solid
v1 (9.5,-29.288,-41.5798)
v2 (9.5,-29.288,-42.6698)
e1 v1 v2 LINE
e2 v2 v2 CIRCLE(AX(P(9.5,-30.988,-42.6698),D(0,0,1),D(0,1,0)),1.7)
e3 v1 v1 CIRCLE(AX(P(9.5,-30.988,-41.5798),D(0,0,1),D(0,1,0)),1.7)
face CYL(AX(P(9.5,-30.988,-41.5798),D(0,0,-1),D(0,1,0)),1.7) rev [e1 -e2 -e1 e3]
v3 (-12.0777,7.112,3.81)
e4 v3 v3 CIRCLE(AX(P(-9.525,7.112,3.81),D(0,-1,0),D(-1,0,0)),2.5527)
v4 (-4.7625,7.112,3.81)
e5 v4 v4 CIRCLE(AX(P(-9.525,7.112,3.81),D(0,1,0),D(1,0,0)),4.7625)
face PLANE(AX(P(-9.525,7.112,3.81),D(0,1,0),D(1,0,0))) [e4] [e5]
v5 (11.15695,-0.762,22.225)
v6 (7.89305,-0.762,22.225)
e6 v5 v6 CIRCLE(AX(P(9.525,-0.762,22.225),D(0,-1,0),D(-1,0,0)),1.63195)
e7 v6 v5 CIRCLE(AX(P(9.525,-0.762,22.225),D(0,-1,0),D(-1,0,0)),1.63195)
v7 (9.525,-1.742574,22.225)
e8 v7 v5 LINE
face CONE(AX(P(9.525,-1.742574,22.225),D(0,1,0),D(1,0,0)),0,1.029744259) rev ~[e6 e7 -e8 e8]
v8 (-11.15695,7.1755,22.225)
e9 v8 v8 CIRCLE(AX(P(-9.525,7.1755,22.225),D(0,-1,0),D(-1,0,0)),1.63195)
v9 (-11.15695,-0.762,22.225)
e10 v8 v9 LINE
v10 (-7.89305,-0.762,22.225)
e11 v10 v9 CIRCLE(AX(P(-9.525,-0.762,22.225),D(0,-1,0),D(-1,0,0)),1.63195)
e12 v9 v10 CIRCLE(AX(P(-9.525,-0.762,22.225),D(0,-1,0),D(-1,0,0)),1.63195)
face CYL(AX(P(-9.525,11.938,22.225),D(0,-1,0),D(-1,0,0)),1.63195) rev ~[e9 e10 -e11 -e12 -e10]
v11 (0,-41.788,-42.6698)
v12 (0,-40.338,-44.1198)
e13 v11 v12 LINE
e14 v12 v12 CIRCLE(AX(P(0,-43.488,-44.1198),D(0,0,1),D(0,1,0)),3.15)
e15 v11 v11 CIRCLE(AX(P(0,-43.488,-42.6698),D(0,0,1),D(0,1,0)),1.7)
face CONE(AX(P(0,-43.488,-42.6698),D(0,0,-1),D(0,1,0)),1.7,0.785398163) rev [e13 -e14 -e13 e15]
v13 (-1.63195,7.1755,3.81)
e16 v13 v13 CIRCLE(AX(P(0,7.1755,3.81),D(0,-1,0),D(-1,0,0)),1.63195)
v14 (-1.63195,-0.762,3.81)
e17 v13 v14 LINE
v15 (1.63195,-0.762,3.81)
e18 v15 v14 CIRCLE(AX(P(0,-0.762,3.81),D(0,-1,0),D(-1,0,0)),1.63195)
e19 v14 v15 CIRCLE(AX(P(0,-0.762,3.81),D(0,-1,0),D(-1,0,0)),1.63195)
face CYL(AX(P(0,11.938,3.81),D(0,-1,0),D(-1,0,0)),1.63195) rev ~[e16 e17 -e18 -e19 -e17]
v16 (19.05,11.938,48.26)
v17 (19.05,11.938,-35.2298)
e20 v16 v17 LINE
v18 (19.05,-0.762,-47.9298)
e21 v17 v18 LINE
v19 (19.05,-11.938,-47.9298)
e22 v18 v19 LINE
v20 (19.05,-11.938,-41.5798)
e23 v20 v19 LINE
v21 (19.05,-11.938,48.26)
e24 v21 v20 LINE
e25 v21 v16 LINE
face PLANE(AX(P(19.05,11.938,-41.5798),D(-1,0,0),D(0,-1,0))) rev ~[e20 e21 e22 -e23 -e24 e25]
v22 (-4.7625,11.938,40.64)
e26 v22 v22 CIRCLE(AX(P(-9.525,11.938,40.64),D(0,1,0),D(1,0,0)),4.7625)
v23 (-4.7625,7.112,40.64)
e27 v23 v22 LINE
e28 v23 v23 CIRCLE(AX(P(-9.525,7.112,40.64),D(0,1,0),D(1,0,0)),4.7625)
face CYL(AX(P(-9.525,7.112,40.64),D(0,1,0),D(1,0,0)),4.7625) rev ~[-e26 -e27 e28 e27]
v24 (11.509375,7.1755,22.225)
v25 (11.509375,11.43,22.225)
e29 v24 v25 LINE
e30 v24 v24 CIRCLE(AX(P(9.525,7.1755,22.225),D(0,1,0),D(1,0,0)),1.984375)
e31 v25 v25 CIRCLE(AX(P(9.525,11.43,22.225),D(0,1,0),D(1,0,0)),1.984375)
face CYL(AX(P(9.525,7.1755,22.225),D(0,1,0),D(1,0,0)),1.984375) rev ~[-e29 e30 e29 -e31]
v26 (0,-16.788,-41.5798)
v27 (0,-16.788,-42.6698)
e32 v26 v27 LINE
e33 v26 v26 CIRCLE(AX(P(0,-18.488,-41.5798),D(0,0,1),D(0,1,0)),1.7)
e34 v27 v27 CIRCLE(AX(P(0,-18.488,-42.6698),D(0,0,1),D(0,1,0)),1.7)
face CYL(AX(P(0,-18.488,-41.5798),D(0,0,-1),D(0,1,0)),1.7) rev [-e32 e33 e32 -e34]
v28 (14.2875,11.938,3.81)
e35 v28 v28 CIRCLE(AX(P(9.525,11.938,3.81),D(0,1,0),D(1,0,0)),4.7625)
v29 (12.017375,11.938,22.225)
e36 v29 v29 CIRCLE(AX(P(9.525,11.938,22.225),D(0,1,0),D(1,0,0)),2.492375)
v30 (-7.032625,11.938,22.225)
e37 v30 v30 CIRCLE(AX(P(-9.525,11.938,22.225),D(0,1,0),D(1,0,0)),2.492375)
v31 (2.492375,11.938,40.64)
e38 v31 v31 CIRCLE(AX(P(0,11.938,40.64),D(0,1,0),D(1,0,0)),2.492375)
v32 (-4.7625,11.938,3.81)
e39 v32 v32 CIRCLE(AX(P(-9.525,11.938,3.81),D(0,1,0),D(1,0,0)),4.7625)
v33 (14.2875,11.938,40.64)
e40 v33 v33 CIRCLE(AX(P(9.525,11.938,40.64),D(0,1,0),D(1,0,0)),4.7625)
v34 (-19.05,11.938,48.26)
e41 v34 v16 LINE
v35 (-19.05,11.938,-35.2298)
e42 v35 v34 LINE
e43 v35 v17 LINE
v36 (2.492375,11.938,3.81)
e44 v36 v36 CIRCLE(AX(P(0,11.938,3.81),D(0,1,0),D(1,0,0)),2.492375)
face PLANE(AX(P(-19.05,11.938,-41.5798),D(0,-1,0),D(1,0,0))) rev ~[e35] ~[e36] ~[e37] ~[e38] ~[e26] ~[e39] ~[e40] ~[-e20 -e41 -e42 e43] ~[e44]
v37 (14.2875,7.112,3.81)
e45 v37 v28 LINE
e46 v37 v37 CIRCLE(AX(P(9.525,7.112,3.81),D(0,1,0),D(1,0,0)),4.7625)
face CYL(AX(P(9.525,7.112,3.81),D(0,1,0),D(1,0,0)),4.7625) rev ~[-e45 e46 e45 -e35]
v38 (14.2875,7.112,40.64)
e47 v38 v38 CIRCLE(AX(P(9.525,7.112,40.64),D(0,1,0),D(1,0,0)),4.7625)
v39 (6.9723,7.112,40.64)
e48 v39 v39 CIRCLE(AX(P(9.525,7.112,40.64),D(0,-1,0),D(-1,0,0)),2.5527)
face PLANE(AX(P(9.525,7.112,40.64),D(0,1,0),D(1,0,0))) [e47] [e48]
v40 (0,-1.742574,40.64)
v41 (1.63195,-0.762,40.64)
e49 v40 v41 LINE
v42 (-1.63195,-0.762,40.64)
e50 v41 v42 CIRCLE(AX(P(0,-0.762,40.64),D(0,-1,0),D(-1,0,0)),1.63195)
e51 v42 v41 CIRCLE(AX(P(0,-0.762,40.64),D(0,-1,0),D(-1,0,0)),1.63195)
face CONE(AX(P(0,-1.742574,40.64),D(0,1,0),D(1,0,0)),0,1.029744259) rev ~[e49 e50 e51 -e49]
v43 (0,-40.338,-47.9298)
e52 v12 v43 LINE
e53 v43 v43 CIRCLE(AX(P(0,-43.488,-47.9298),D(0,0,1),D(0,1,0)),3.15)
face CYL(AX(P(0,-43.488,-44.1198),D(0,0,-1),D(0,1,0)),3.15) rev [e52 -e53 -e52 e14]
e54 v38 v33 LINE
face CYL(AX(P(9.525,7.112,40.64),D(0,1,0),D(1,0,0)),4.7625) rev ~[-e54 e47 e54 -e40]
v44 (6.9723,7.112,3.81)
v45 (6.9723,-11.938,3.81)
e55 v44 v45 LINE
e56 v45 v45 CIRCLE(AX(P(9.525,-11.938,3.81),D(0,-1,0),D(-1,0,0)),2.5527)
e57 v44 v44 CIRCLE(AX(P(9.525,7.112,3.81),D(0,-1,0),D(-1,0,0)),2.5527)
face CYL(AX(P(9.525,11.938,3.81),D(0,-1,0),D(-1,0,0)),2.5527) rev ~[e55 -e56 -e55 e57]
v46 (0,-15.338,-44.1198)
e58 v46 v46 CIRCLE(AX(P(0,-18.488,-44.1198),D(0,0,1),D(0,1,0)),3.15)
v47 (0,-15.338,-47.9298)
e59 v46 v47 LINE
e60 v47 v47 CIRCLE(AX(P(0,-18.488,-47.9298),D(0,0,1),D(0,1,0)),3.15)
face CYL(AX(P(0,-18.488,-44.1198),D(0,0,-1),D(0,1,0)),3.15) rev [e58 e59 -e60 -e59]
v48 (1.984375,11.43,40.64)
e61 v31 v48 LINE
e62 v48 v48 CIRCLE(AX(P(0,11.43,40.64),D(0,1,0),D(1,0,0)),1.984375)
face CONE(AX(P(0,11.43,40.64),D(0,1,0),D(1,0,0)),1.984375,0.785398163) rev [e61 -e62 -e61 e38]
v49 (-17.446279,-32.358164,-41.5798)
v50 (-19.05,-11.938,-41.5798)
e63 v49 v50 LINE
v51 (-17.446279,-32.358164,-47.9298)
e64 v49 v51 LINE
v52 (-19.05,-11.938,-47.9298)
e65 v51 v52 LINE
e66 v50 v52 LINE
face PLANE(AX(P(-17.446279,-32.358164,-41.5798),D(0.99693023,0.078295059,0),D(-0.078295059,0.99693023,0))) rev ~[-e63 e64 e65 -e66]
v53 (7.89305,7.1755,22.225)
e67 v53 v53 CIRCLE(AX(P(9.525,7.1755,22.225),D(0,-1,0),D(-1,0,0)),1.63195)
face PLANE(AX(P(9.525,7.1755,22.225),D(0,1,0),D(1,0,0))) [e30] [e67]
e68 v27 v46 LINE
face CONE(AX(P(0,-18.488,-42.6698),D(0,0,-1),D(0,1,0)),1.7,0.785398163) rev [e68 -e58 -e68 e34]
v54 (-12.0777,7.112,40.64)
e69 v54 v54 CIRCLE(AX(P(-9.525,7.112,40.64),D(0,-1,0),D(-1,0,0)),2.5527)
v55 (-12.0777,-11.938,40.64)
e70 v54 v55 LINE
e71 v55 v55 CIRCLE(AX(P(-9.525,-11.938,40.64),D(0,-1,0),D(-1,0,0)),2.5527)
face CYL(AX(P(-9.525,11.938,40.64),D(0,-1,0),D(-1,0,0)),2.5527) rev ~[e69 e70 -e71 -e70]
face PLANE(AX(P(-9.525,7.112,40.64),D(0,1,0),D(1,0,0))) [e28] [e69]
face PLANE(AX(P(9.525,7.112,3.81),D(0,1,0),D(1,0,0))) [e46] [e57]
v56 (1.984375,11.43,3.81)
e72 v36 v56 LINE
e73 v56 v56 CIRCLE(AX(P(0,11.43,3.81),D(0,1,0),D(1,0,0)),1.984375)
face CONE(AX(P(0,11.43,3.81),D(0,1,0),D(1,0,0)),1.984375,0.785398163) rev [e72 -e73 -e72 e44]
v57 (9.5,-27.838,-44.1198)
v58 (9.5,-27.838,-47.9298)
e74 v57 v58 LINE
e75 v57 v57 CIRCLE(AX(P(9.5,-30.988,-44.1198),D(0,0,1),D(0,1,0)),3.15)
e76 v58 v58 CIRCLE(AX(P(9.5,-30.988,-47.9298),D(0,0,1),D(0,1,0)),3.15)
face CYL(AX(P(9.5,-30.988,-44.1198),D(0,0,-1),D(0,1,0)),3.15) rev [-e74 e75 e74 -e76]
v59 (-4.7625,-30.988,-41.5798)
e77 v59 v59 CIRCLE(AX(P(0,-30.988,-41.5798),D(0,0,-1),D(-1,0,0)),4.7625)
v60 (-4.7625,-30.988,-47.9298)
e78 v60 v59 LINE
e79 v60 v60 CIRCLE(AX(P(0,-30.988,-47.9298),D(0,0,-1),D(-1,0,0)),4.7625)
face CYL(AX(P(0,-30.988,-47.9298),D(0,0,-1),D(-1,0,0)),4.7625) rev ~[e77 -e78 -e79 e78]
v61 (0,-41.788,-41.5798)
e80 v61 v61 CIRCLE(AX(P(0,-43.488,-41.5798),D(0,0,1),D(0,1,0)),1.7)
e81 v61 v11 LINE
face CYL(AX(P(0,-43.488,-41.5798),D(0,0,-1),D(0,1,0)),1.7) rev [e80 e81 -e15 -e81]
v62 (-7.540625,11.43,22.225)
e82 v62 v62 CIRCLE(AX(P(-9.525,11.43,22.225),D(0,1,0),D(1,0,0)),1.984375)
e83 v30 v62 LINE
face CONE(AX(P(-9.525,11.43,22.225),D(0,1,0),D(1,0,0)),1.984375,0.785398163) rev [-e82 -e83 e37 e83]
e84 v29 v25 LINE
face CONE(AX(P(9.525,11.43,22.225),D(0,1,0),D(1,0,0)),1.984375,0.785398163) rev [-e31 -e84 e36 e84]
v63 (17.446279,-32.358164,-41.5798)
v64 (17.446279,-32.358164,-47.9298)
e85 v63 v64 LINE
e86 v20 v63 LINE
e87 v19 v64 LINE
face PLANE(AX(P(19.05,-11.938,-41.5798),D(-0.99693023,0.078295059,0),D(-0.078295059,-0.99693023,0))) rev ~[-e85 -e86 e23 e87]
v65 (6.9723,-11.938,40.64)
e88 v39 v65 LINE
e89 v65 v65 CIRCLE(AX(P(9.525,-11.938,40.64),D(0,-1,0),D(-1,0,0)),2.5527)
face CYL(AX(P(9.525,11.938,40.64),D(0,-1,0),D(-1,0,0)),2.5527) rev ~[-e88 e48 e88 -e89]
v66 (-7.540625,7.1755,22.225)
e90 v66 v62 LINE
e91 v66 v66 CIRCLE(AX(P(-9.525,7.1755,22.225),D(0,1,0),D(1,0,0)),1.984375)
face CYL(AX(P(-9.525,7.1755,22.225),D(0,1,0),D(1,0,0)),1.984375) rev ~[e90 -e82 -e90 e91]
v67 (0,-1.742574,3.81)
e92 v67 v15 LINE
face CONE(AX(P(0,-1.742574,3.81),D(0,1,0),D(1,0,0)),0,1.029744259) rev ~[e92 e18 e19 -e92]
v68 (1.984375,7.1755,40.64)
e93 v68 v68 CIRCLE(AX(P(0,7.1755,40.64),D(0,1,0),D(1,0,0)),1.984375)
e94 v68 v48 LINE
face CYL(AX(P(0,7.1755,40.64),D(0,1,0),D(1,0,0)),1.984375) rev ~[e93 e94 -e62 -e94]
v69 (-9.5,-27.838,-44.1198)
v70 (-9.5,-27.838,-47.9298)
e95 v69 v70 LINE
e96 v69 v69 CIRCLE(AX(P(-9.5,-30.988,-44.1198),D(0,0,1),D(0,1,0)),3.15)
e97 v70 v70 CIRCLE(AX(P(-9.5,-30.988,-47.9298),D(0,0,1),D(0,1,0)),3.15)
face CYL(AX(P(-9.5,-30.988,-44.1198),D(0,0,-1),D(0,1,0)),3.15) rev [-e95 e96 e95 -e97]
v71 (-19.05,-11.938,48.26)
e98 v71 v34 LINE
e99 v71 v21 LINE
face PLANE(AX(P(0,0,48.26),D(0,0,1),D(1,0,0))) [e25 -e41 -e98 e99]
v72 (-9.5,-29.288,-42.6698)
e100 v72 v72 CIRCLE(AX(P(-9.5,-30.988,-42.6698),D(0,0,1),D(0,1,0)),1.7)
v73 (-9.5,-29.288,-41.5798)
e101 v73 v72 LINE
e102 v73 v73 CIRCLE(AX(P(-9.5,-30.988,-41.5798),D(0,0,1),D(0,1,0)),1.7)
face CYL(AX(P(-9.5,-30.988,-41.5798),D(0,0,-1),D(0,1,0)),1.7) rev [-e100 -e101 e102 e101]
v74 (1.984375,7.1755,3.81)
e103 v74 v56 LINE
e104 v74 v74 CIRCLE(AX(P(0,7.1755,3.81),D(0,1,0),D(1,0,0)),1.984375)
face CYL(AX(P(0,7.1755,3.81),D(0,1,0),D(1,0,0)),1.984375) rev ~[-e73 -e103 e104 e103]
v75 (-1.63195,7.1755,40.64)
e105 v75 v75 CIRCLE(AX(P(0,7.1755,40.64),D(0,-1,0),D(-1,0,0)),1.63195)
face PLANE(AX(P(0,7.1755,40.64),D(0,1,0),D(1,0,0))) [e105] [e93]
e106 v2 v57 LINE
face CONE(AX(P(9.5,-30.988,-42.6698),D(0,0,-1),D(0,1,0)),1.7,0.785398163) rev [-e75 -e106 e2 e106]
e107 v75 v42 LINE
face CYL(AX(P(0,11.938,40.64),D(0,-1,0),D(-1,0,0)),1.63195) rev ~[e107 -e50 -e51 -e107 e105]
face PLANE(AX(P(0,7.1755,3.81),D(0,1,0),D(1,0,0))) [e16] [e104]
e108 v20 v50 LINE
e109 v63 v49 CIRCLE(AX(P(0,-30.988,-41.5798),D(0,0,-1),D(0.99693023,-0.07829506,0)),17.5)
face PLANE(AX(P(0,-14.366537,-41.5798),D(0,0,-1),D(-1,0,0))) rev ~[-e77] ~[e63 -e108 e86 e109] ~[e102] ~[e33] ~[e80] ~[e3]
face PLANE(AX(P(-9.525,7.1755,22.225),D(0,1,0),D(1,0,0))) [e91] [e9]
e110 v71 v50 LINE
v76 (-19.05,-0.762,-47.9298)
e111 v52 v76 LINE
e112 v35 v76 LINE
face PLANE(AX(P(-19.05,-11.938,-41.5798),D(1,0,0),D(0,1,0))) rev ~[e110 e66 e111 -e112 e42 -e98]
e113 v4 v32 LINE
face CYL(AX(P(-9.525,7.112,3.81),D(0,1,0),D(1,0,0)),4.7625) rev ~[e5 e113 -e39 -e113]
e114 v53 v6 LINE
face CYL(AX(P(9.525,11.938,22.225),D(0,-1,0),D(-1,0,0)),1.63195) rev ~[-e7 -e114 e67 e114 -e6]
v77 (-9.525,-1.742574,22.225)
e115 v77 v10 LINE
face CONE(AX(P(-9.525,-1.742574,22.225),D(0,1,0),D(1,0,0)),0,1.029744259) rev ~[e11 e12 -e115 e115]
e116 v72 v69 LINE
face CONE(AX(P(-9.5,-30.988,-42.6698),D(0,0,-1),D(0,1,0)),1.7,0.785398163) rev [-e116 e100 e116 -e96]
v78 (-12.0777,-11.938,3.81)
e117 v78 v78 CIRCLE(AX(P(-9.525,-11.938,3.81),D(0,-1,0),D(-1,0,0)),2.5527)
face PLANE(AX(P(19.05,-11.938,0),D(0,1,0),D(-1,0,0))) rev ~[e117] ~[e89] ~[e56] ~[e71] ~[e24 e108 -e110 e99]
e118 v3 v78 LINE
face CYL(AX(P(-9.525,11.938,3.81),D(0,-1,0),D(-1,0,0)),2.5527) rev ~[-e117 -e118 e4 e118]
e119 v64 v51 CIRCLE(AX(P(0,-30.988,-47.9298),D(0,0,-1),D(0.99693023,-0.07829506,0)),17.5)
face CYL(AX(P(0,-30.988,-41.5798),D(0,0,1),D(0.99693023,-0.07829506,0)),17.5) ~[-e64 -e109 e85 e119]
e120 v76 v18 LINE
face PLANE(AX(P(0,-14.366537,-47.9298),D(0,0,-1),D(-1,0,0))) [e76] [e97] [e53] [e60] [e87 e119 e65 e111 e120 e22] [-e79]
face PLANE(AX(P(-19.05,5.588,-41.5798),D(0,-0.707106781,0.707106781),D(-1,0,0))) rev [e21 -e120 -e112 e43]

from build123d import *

# Parameters (mm, degrees)
SKETCH1_W                                       = 38.1
SKETCH1_H                                       = 23.876
GEARBOX_MOUNT_DEPTH                             = 48.26
CBORE_FOR_4_SOCKET_HEAD_CAP_SCREW1_D            = 3.2639
CBORE_FOR_4_SOCKET_HEAD_CAP_SCREW1_DEPTH        = 12.7
CBORE_FOR_4_SOCKET_HEAD_CAP_SCREW1_CBORE_D      = 3.96875
CBORE_FOR_4_SOCKET_HEAD_CAP_SCREW1_CBORE_DEPTH  = 4.7625
CBORE_FOR_4_SOCKET_HEAD_CAP_SCREW1_TIP          = 0.980574487
INSERT_INSTALLATION_CHAMFERS_SIZE               = 0.508
SKETCH7_W                                       = 38.1
SKETCH7_H                                       = 23.876
MOTOR_MOUNT_EXTENSION_DEPTH                     = 41.5798
CBORE_FOR_10_SOCKET_HEAD_CAP_SCREW1_D           = 5.1054
CBORE_FOR_10_SOCKET_HEAD_CAP_SCREW1_CBORE_D     = 9.525
CBORE_FOR_10_SOCKET_HEAD_CAP_SCREW1_CBORE_DEPTH = 4.826
MOTOR_MOUNT_PLATE_DEPTH                         = 6.35
SHAFT_CLEARANCE_REACH                           = 111.391
SKETCH9_R                                       = 4.7625
CSK_FOR_M3_FLAT_HEAD_MACHINE_SCREW1_AT_2_COUNT  = 2
CSK_FOR_M3_FLAT_HEAD_MACHINE_SCREW1_AT_2_PITCH  = 19
CSK_FOR_M3_FLAT_HEAD_MACHINE_SCREW1_AT_3_COUNT  = 2
CSK_FOR_M3_FLAT_HEAD_MACHINE_SCREW1_AT_3_PITCH  = 15.700318468
CSK_FOR_M3_FLAT_HEAD_MACHINE_SCREW1_AT_4_COUNT  = 2
CSK_FOR_M3_FLAT_HEAD_MACHINE_SCREW1_AT_4_PITCH  = 15.700318468
CHAMFER2_SIZE                                   = 12.7


with BuildPart() as part:
    # Sketch1 → Gearbox Mount (new body)
    with BuildSketch(Plane.XY):
        Rectangle(SKETCH1_W, SKETCH1_H)
    extrude(amount=GEARBOX_MOUNT_DEPTH)

    # CBORE for #4 Socket Head Cap Screw1
    with Locations(Plane(origin=(0, 11.938, 0), x_dir=(1, 0, 0), z_dir=(0, 1, 0))):
        with Locations((0, -3.81), (-9.525, -22.225), (0, -40.64), (9.525, -22.225)):
            CounterBoreHole(CBORE_FOR_4_SOCKET_HEAD_CAP_SCREW1_D / 2, CBORE_FOR_4_SOCKET_HEAD_CAP_SCREW1_CBORE_D / 2, CBORE_FOR_4_SOCKET_HEAD_CAP_SCREW1_CBORE_DEPTH, depth=CBORE_FOR_4_SOCKET_HEAD_CAP_SCREW1_DEPTH)
            with Locations((0, 0, -(CBORE_FOR_4_SOCKET_HEAD_CAP_SCREW1_DEPTH + CBORE_FOR_4_SOCKET_HEAD_CAP_SCREW1_TIP / 2))):  # 118° drill point
                Cone(0, CBORE_FOR_4_SOCKET_HEAD_CAP_SCREW1_D / 2, CBORE_FOR_4_SOCKET_HEAD_CAP_SCREW1_TIP, mode=Mode.SUBTRACT)

    # Insert Installation Chamfers
    insert_installation_chamfers_edges = [part.edges().sort_by_distance(p)[0] for p in [
        (7.540625, 11.938, 22.225),
        (-1.984375, 11.938, 40.64),
        (-11.509375, 11.938, 22.225),
        (-1.984375, 11.938, 3.81),
    ]]
    chamfer(insert_installation_chamfers_edges, length=INSERT_INSTALLATION_CHAMFERS_SIZE)

    # Sketch7 → Motor Mount Extension (add)
    with BuildSketch(Plane(origin=(0, 0, 0), x_dir=(-1, 0, 0), z_dir=(0, 0, -1))):
        Rectangle(SKETCH7_W, SKETCH7_H)
    extrude(amount=MOTOR_MOUNT_EXTENSION_DEPTH)

    # CBORE for #10 Socket Head Cap Screw1 (through all)
    with Locations(Plane(origin=(0, 11.938, 0), x_dir=(1, 0, 0), z_dir=(0, 1, 0))):
        with Locations((-9.525, -40.64), (9.525, -40.64), (9.525, -3.81), (-9.525, -3.81)):
            CounterBoreHole(CBORE_FOR_10_SOCKET_HEAD_CAP_SCREW1_D / 2, CBORE_FOR_10_SOCKET_HEAD_CAP_SCREW1_CBORE_D / 2, CBORE_FOR_10_SOCKET_HEAD_CAP_SCREW1_CBORE_DEPTH)

    # Sketch8 → Motor Mount Plate (add)
    with BuildSketch(Plane(origin=(0, 0, -41.5798), x_dir=(-1, 0, 0), z_dir=(0, 0, -1))):
        with BuildLine():
            Line((19.05, 11.938), (-19.05, 11.938))
            Line((-19.05, 11.938), (-19.05, -11.938))
            Line((-19.05, -11.938), (-17.446279027, -32.358163541))
            ThreePointArc((-17.446279027, -32.358163541), (0, -48.488), (17.446279027, -32.358163541))
            Line((17.446279027, -32.358163541), (19.05, -11.938))
            Line((19.05, -11.938), (19.05, 11.938))
        make_face()
    extrude(amount=MOTOR_MOUNT_PLATE_DEPTH)

    # Sketch9 → Shaft Clearance (cut, up to next)
    with BuildSketch(Plane(origin=(0, 0, -47.9298), x_dir=(-1, 0, 0), z_dir=(0, 0, -1)), mode=Mode.PRIVATE) as shaft_clearance_sk1:
        with Locations((0, -30.988)):
            Circle(SKETCH9_R)
    shaft_clearance_tool1 = extrude(shaft_clearance_sk1.sketch, amount=-SHAFT_CLEARANCE_REACH, mode=Mode.PRIVATE) & part.part
    add(shaft_clearance_tool1.solids().sort_by_distance((0, -30.988, -47.9298))[0], mode=Mode.SUBTRACT)

    # Sketch10 → CSK for M3 Flat Head Machine Screw1 (revolve, cut)
    with BuildSketch(Plane(origin=(9.5, -30.988, -47.9298), x_dir=(0, 1, 0), z_dir=(1, 0, 0))):
        Polygon((0, 0), (0, 6.35), (1.7, 6.35), (1.7, 5.26), (3.15, 3.81), (3.15, 0), align=None)
    csk_for_m3_flat_head_machine_screw1 = revolve(axis=Axis((9.5, -30.988, -54.2798), (0, 0, 1)), mode=Mode.SUBTRACT)

    # CSK for M3 Flat Head Machine Screw1 at 2: CSK for M3 Flat Head Machine Screw1 ×2
    with Locations(*[(-i * CSK_FOR_M3_FLAT_HEAD_MACHINE_SCREW1_AT_2_PITCH, 0, 0) for i in range(1, CSK_FOR_M3_FLAT_HEAD_MACHINE_SCREW1_AT_2_COUNT)]):
        add(csk_for_m3_flat_head_machine_screw1, mode=Mode.SUBTRACT)

    # CSK for M3 Flat Head Machine Screw1 at 3: CSK for M3 Flat Head Machine Screw1 ×2
    with Locations(*[Vector(-0.6050832675335578, 0.7961621941231026, 0) * (i * CSK_FOR_M3_FLAT_HEAD_MACHINE_SCREW1_AT_3_PITCH) for i in range(1, CSK_FOR_M3_FLAT_HEAD_MACHINE_SCREW1_AT_3_COUNT)]):
        add(csk_for_m3_flat_head_machine_screw1, mode=Mode.SUBTRACT)

    # CSK for M3 Flat Head Machine Screw1 at 4: CSK for M3 Flat Head Machine Screw1 ×2
    with Locations(*[Vector(-0.605083267533558, -0.7961621941231024, 0) * (i * CSK_FOR_M3_FLAT_HEAD_MACHINE_SCREW1_AT_4_PITCH) for i in range(1, CSK_FOR_M3_FLAT_HEAD_MACHINE_SCREW1_AT_4_COUNT)]):
        add(csk_for_m3_flat_head_machine_screw1, mode=Mode.SUBTRACT)

    # Chamfer2
    chamfer2_edges = [part.edges().sort_by_distance(p)[0] for p in [
        (0, 11.938, -47.9298),
    ]]
    chamfer(chamfer2_edges, length=CHAMFER2_SIZE)


solid = part.part
